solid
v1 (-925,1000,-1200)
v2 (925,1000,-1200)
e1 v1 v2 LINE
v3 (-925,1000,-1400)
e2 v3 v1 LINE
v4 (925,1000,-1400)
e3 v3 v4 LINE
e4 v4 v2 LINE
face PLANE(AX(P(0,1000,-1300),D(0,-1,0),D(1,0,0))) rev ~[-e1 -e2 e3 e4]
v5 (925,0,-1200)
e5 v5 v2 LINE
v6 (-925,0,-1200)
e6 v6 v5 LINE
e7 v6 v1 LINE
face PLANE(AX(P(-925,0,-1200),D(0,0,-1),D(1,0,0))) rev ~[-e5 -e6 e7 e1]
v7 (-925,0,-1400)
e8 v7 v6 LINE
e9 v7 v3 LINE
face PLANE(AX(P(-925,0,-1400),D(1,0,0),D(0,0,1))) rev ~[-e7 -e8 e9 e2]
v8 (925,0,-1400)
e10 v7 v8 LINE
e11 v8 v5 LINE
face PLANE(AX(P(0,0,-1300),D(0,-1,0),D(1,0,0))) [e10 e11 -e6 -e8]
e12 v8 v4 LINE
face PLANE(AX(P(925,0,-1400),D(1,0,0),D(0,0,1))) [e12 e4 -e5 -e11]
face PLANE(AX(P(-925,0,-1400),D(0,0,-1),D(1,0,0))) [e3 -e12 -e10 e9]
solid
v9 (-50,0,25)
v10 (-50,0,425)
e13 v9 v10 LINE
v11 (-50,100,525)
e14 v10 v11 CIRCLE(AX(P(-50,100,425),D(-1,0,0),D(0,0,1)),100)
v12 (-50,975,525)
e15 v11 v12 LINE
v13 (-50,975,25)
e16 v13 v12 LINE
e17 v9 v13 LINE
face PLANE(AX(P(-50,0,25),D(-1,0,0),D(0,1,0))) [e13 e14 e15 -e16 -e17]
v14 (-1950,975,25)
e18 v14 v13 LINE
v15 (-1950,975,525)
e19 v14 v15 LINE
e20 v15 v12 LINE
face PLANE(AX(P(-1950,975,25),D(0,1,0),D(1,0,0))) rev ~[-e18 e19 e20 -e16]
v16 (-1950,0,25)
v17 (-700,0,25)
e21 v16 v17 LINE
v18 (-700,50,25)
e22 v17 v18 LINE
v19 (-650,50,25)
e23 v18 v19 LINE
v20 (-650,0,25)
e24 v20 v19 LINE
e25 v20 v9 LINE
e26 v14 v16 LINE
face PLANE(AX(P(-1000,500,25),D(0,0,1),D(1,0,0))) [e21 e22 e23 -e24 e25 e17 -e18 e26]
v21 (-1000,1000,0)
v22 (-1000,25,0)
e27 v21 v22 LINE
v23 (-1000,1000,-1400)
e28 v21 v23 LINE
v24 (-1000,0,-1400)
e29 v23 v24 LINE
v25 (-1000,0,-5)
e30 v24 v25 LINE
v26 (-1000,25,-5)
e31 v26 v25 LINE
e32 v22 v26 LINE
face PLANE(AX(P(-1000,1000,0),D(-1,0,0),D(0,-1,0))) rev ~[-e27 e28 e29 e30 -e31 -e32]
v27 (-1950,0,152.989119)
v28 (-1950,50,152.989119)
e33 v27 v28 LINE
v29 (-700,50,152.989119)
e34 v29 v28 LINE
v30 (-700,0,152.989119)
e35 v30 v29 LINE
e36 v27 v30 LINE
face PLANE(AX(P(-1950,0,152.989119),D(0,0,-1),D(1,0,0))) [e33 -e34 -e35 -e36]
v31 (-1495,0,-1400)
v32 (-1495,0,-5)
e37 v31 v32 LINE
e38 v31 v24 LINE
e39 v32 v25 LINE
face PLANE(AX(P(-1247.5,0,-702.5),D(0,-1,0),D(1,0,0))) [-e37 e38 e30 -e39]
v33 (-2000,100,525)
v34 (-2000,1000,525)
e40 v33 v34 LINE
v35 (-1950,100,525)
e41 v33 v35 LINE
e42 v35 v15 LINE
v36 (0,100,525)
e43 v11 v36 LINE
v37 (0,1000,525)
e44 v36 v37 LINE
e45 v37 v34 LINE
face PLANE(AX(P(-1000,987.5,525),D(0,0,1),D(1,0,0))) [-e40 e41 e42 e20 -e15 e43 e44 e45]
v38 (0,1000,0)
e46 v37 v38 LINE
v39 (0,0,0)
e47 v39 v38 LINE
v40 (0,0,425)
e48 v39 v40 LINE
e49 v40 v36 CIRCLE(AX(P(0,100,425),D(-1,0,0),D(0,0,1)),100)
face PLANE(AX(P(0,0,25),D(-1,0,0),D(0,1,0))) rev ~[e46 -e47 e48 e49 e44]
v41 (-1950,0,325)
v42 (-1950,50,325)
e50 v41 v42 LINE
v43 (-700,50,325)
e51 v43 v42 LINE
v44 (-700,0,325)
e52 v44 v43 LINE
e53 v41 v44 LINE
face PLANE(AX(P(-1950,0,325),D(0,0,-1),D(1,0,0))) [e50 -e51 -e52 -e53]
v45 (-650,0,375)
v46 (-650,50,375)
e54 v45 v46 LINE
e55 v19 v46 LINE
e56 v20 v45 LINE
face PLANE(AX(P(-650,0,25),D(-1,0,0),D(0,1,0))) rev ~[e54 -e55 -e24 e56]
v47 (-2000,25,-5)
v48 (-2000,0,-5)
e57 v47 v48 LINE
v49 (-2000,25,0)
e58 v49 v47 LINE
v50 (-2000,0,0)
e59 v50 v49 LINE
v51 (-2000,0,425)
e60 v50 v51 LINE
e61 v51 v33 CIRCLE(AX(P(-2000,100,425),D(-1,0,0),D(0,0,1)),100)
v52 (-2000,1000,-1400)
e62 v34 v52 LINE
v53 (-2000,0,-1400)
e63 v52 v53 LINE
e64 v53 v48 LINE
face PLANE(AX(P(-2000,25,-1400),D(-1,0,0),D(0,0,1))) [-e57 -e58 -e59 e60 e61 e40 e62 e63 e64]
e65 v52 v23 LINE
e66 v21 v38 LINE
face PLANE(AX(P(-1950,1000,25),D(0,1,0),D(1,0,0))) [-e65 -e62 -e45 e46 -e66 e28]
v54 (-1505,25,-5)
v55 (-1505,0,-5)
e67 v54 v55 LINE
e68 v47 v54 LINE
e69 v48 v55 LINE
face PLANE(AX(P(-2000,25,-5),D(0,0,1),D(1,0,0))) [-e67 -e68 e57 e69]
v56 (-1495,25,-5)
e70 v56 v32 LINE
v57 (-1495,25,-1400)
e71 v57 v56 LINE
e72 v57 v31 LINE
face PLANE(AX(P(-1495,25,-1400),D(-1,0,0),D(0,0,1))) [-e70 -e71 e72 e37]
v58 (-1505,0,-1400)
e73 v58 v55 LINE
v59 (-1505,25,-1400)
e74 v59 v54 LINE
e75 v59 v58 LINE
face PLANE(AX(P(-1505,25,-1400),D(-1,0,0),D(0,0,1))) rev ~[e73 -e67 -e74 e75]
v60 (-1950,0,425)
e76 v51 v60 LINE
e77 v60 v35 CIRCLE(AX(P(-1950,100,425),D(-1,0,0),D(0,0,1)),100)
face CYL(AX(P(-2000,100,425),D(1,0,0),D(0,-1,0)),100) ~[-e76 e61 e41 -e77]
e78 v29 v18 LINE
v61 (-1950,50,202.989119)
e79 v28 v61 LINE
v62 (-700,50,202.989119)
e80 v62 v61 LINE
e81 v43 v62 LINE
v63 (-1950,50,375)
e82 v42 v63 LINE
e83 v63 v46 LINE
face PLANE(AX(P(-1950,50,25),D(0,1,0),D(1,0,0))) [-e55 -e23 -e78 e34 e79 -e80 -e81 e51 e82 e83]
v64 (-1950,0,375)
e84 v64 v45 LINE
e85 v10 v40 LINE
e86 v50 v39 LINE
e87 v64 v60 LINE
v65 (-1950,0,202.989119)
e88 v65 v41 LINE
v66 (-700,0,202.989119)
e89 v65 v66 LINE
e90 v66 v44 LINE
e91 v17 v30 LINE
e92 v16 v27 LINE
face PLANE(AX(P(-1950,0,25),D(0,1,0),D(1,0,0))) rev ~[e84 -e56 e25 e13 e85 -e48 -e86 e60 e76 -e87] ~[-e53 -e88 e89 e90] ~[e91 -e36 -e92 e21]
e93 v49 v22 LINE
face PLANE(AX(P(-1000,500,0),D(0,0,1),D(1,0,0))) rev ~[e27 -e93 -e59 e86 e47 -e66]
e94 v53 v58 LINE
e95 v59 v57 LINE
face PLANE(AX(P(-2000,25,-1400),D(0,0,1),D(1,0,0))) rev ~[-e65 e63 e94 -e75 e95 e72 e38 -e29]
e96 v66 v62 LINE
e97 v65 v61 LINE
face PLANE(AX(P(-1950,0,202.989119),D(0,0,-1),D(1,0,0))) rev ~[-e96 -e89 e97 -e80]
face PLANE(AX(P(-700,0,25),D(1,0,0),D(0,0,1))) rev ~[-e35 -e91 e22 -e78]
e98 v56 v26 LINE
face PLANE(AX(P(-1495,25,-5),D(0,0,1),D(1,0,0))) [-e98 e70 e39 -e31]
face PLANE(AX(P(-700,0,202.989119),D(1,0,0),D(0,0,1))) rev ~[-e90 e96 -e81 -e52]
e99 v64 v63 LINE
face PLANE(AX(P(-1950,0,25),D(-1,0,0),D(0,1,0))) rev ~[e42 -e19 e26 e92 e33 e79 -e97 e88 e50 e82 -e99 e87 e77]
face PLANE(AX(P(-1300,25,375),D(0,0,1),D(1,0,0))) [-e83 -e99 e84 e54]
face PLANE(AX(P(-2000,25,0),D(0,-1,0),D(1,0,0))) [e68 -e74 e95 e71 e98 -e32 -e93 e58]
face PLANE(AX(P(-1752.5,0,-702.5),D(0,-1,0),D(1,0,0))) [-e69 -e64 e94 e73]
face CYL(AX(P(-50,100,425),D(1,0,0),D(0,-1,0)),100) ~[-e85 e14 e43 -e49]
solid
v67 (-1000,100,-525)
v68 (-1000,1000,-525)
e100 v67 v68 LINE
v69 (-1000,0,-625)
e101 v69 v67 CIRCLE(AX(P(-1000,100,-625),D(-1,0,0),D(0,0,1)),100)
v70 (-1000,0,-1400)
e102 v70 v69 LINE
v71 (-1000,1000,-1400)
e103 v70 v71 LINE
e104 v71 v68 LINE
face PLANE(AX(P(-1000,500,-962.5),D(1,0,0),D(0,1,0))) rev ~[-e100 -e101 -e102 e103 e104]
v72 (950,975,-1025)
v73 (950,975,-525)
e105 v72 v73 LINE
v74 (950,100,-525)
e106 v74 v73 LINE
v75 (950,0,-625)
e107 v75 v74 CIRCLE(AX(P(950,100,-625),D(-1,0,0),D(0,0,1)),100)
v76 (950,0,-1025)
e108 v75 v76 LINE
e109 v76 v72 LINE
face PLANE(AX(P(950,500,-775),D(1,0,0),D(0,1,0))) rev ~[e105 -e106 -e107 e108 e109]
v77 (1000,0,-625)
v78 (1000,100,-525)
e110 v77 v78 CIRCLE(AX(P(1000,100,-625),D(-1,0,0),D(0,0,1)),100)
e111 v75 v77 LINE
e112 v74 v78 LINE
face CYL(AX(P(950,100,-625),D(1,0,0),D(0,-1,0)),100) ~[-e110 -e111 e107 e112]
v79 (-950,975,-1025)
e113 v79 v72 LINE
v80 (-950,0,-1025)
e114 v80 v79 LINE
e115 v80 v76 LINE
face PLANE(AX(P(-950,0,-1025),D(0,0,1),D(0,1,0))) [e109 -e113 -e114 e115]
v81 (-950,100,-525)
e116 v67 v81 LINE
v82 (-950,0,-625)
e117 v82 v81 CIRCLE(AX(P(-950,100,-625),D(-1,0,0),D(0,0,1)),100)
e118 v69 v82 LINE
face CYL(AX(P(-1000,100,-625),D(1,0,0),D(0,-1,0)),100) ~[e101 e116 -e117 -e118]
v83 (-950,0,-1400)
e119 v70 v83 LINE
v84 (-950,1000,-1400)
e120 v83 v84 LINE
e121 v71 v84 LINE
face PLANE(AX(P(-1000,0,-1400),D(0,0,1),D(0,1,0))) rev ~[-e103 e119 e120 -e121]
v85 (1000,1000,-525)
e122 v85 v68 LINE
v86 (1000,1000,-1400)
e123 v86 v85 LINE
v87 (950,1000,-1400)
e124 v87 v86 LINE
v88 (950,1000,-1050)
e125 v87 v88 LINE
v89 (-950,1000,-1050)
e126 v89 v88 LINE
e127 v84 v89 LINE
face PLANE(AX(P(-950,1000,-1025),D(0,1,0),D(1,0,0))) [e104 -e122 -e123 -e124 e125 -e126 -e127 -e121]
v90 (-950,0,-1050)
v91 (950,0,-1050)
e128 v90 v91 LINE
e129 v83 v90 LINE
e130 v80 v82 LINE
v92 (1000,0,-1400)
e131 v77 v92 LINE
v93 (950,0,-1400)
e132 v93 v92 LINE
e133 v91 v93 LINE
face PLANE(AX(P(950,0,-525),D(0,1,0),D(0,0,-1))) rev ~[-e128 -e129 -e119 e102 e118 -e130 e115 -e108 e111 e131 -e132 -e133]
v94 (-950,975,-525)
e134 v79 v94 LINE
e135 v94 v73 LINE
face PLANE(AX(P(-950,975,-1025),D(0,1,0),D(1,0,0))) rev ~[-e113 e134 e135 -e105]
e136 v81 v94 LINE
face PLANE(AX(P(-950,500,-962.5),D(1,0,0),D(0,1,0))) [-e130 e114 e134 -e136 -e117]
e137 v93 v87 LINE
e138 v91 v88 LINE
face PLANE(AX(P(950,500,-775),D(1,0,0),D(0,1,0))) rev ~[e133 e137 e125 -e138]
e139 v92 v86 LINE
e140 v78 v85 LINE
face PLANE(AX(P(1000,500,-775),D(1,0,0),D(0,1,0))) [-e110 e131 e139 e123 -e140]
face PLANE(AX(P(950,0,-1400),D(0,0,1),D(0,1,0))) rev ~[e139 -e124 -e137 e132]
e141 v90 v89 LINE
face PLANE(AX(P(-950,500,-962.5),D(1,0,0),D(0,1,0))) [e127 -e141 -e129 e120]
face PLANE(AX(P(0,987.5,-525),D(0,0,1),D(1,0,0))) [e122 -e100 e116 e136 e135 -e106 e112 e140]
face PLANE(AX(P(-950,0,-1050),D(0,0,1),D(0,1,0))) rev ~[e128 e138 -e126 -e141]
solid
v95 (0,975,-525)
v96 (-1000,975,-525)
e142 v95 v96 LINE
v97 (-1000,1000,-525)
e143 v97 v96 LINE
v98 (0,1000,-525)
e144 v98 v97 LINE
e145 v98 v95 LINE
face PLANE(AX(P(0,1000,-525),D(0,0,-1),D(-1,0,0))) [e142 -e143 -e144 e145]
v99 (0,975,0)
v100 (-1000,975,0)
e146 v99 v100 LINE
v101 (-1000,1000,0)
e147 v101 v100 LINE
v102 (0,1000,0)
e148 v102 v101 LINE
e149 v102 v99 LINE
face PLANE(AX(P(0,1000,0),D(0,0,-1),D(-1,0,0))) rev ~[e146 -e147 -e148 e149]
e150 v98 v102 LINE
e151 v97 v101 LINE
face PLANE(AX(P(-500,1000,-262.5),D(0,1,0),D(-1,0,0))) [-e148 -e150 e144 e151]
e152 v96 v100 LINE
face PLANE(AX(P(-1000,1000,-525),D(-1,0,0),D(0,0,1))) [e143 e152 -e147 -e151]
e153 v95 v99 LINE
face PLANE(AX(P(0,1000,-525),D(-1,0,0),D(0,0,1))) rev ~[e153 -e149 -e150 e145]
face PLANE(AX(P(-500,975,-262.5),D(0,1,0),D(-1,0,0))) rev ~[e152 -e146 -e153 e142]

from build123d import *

# Parameters (mm, degrees)
F0_W      = 2000
F0_H      = 1000
F1_DEPTH  = 25
F2_W      = 50
F2_H      = 1000
F3_DEPTH  = 500
F4_W      = 50
F4_H      = 1000
F5_DEPTH  = 500
F6_R      = 100
F7_W      = 1300
F7_H      = 50
F8_DEPTH  = 350
F9_W      = 1250
F9_H      = 122.0108807087
F9_H_2    = 127.9891192913
F10_DEPTH = 1000.001
F11_W     = 1000
F11_H     = 975
F12_DEPTH = 1400
F13_W     = 495
F13_H     = 1395
F14_DEPTH = 25
F15_W     = 1900
F15_H     = 25
F16_DEPTH = 500
F17_W     = 1000
F17_H     = 875
F18_DEPTH = 50
F19_W     = 1000
F19_H     = 25
F20_DEPTH = 1900
F21_W     = 1000
F21_H     = 500
F21_H_2   = 25
F21_H_3   = 350
F22_DEPTH = 50
F23_R     = 100
F24_W     = 1900
F24_H     = 25
F25_DEPTH = 500
F26_W     = 1000
F26_H     = 525
F27_DEPTH = 25
F28_W     = 1850
F28_H     = 200
F29_DEPTH = 1000


with BuildPart() as f1:
    # F0 (on Top) → F1 (new body)
    with BuildSketch(Plane.XY):
        with Locations((-1000, 500)):
            Rectangle(F0_W, F0_H)
    extrude(amount=F1_DEPTH)

    # F2 (on face) → F3 (join)
    with BuildSketch(Plane.XY.offset(25)):
        with Locations((-25, 500)):
            Rectangle(F2_W, F2_H)
    extrude(amount=F3_DEPTH)

    # F4 (on face) → F5 (join)
    with BuildSketch(Plane.XY.offset(25)):
        with Locations((-1975, 500)):
            Rectangle(F4_W, F4_H)
    extrude(amount=F5_DEPTH)

    # F6
    f6_edges = [f1.edges().sort_by_distance(p)[0] for p in [
        (-1975, 0, 525),
        (-25, 0, 525),
    ]]
    fillet(f6_edges, radius=F6_R)

    # F7 (on face) → F8 (join)
    with BuildSketch(Plane.XY.offset(25)):
        with Locations((-1300, 25)):
            Rectangle(F7_W, F7_H)
    extrude(amount=F8_DEPTH)

    # F9 (on face) → F10 (cut, through all)
    with BuildSketch(Plane.XZ):
        with Locations((-1325, 263.9945596457)):
            Rectangle(F9_W, F9_H)
        with Locations((-1325, 88.9945596457)):
            Rectangle(F9_W, F9_H_2)
    extrude(amount=-F10_DEPTH, mode=Mode.SUBTRACT)

    # F11 (on face) → F12 (join)
    with BuildSketch(Plane(origin=(0, 0, 0), x_dir=(1, 0, 0), z_dir=(0, 0, -1))):
        with Locations((-1500, -512.5)):
            Rectangle(F11_W, F11_H)
    extrude(amount=F12_DEPTH)

    # F13 (on face) → F14 (join)
    with BuildSketch(Plane.XZ.offset(-25)):
        with Locations((-1752.5, -702.5)):
            Rectangle(F13_W, F13_H)
        with Locations((-1247.5, -702.5)):
            Rectangle(F13_W, F13_H)
    extrude(amount=F14_DEPTH)

    # F15 (on face) → F16 (join)
    with BuildSketch(Plane.XY.offset(25)):
        with Locations((-1000, 987.5)):
            Rectangle(F15_W, F15_H)
    extrude(amount=F16_DEPTH)


with BuildPart() as f18:
    # F17 (on face) → F18 (new body)
    with BuildSketch(Plane.YZ.offset(-1000)):
        with Locations((500, -962.5)):
            Rectangle(F17_W, F17_H)
    extrude(amount=F18_DEPTH)

    # F19 (on face) → F20 (join)
    with BuildSketch(Plane.YZ.offset(-950)):
        with Locations((500, -1037.5)):
            Rectangle(F19_W, F19_H)
    extrude(amount=F20_DEPTH)

    # F21 (on face) → F22 (join)
    with BuildSketch(Plane.YZ.offset(950)):
        with Locations((500, -775)):
            Rectangle(F21_W, F21_H)
        with Locations((500, -1037.5)):
            Rectangle(F21_W, F21_H_2)
        with Locations((500, -1225)):
            Rectangle(F21_W, F21_H_3)
    extrude(amount=F22_DEPTH)

    # F23
    f23_edges = [f18.edges().sort_by_distance(p)[0] for p in [
        (-975, 0, -525),
        (975, 0, -525),
    ]]
    fillet(f23_edges, radius=F23_R)

    # F24 (on face) → F25 (join)
    with BuildSketch(Plane.XY.offset(-1025)):
        with Locations((0, 987.5)):
            Rectangle(F24_W, F24_H)
    extrude(amount=F25_DEPTH)


with BuildPart() as f27:
    # F26 (on face) → F27 (new body)
    with BuildSketch(Plane(origin=(0, 1000, 0), x_dir=(-1, 0, 0), z_dir=(0, 1, 0))):
        with Locations((500, -262.5)):
            Rectangle(F26_W, F26_H)
    extrude(amount=-F27_DEPTH)


with BuildPart() as f29:
    # F28 (on face) → F29 (new body, through all)
    with BuildSketch(Plane.XZ):
        with Locations((0, -1300)):
            Rectangle(F28_W, F28_H)
    extrude(amount=-F29_DEPTH)


solid = Compound([f1.part, f18.part, f27.part, f29.part])
